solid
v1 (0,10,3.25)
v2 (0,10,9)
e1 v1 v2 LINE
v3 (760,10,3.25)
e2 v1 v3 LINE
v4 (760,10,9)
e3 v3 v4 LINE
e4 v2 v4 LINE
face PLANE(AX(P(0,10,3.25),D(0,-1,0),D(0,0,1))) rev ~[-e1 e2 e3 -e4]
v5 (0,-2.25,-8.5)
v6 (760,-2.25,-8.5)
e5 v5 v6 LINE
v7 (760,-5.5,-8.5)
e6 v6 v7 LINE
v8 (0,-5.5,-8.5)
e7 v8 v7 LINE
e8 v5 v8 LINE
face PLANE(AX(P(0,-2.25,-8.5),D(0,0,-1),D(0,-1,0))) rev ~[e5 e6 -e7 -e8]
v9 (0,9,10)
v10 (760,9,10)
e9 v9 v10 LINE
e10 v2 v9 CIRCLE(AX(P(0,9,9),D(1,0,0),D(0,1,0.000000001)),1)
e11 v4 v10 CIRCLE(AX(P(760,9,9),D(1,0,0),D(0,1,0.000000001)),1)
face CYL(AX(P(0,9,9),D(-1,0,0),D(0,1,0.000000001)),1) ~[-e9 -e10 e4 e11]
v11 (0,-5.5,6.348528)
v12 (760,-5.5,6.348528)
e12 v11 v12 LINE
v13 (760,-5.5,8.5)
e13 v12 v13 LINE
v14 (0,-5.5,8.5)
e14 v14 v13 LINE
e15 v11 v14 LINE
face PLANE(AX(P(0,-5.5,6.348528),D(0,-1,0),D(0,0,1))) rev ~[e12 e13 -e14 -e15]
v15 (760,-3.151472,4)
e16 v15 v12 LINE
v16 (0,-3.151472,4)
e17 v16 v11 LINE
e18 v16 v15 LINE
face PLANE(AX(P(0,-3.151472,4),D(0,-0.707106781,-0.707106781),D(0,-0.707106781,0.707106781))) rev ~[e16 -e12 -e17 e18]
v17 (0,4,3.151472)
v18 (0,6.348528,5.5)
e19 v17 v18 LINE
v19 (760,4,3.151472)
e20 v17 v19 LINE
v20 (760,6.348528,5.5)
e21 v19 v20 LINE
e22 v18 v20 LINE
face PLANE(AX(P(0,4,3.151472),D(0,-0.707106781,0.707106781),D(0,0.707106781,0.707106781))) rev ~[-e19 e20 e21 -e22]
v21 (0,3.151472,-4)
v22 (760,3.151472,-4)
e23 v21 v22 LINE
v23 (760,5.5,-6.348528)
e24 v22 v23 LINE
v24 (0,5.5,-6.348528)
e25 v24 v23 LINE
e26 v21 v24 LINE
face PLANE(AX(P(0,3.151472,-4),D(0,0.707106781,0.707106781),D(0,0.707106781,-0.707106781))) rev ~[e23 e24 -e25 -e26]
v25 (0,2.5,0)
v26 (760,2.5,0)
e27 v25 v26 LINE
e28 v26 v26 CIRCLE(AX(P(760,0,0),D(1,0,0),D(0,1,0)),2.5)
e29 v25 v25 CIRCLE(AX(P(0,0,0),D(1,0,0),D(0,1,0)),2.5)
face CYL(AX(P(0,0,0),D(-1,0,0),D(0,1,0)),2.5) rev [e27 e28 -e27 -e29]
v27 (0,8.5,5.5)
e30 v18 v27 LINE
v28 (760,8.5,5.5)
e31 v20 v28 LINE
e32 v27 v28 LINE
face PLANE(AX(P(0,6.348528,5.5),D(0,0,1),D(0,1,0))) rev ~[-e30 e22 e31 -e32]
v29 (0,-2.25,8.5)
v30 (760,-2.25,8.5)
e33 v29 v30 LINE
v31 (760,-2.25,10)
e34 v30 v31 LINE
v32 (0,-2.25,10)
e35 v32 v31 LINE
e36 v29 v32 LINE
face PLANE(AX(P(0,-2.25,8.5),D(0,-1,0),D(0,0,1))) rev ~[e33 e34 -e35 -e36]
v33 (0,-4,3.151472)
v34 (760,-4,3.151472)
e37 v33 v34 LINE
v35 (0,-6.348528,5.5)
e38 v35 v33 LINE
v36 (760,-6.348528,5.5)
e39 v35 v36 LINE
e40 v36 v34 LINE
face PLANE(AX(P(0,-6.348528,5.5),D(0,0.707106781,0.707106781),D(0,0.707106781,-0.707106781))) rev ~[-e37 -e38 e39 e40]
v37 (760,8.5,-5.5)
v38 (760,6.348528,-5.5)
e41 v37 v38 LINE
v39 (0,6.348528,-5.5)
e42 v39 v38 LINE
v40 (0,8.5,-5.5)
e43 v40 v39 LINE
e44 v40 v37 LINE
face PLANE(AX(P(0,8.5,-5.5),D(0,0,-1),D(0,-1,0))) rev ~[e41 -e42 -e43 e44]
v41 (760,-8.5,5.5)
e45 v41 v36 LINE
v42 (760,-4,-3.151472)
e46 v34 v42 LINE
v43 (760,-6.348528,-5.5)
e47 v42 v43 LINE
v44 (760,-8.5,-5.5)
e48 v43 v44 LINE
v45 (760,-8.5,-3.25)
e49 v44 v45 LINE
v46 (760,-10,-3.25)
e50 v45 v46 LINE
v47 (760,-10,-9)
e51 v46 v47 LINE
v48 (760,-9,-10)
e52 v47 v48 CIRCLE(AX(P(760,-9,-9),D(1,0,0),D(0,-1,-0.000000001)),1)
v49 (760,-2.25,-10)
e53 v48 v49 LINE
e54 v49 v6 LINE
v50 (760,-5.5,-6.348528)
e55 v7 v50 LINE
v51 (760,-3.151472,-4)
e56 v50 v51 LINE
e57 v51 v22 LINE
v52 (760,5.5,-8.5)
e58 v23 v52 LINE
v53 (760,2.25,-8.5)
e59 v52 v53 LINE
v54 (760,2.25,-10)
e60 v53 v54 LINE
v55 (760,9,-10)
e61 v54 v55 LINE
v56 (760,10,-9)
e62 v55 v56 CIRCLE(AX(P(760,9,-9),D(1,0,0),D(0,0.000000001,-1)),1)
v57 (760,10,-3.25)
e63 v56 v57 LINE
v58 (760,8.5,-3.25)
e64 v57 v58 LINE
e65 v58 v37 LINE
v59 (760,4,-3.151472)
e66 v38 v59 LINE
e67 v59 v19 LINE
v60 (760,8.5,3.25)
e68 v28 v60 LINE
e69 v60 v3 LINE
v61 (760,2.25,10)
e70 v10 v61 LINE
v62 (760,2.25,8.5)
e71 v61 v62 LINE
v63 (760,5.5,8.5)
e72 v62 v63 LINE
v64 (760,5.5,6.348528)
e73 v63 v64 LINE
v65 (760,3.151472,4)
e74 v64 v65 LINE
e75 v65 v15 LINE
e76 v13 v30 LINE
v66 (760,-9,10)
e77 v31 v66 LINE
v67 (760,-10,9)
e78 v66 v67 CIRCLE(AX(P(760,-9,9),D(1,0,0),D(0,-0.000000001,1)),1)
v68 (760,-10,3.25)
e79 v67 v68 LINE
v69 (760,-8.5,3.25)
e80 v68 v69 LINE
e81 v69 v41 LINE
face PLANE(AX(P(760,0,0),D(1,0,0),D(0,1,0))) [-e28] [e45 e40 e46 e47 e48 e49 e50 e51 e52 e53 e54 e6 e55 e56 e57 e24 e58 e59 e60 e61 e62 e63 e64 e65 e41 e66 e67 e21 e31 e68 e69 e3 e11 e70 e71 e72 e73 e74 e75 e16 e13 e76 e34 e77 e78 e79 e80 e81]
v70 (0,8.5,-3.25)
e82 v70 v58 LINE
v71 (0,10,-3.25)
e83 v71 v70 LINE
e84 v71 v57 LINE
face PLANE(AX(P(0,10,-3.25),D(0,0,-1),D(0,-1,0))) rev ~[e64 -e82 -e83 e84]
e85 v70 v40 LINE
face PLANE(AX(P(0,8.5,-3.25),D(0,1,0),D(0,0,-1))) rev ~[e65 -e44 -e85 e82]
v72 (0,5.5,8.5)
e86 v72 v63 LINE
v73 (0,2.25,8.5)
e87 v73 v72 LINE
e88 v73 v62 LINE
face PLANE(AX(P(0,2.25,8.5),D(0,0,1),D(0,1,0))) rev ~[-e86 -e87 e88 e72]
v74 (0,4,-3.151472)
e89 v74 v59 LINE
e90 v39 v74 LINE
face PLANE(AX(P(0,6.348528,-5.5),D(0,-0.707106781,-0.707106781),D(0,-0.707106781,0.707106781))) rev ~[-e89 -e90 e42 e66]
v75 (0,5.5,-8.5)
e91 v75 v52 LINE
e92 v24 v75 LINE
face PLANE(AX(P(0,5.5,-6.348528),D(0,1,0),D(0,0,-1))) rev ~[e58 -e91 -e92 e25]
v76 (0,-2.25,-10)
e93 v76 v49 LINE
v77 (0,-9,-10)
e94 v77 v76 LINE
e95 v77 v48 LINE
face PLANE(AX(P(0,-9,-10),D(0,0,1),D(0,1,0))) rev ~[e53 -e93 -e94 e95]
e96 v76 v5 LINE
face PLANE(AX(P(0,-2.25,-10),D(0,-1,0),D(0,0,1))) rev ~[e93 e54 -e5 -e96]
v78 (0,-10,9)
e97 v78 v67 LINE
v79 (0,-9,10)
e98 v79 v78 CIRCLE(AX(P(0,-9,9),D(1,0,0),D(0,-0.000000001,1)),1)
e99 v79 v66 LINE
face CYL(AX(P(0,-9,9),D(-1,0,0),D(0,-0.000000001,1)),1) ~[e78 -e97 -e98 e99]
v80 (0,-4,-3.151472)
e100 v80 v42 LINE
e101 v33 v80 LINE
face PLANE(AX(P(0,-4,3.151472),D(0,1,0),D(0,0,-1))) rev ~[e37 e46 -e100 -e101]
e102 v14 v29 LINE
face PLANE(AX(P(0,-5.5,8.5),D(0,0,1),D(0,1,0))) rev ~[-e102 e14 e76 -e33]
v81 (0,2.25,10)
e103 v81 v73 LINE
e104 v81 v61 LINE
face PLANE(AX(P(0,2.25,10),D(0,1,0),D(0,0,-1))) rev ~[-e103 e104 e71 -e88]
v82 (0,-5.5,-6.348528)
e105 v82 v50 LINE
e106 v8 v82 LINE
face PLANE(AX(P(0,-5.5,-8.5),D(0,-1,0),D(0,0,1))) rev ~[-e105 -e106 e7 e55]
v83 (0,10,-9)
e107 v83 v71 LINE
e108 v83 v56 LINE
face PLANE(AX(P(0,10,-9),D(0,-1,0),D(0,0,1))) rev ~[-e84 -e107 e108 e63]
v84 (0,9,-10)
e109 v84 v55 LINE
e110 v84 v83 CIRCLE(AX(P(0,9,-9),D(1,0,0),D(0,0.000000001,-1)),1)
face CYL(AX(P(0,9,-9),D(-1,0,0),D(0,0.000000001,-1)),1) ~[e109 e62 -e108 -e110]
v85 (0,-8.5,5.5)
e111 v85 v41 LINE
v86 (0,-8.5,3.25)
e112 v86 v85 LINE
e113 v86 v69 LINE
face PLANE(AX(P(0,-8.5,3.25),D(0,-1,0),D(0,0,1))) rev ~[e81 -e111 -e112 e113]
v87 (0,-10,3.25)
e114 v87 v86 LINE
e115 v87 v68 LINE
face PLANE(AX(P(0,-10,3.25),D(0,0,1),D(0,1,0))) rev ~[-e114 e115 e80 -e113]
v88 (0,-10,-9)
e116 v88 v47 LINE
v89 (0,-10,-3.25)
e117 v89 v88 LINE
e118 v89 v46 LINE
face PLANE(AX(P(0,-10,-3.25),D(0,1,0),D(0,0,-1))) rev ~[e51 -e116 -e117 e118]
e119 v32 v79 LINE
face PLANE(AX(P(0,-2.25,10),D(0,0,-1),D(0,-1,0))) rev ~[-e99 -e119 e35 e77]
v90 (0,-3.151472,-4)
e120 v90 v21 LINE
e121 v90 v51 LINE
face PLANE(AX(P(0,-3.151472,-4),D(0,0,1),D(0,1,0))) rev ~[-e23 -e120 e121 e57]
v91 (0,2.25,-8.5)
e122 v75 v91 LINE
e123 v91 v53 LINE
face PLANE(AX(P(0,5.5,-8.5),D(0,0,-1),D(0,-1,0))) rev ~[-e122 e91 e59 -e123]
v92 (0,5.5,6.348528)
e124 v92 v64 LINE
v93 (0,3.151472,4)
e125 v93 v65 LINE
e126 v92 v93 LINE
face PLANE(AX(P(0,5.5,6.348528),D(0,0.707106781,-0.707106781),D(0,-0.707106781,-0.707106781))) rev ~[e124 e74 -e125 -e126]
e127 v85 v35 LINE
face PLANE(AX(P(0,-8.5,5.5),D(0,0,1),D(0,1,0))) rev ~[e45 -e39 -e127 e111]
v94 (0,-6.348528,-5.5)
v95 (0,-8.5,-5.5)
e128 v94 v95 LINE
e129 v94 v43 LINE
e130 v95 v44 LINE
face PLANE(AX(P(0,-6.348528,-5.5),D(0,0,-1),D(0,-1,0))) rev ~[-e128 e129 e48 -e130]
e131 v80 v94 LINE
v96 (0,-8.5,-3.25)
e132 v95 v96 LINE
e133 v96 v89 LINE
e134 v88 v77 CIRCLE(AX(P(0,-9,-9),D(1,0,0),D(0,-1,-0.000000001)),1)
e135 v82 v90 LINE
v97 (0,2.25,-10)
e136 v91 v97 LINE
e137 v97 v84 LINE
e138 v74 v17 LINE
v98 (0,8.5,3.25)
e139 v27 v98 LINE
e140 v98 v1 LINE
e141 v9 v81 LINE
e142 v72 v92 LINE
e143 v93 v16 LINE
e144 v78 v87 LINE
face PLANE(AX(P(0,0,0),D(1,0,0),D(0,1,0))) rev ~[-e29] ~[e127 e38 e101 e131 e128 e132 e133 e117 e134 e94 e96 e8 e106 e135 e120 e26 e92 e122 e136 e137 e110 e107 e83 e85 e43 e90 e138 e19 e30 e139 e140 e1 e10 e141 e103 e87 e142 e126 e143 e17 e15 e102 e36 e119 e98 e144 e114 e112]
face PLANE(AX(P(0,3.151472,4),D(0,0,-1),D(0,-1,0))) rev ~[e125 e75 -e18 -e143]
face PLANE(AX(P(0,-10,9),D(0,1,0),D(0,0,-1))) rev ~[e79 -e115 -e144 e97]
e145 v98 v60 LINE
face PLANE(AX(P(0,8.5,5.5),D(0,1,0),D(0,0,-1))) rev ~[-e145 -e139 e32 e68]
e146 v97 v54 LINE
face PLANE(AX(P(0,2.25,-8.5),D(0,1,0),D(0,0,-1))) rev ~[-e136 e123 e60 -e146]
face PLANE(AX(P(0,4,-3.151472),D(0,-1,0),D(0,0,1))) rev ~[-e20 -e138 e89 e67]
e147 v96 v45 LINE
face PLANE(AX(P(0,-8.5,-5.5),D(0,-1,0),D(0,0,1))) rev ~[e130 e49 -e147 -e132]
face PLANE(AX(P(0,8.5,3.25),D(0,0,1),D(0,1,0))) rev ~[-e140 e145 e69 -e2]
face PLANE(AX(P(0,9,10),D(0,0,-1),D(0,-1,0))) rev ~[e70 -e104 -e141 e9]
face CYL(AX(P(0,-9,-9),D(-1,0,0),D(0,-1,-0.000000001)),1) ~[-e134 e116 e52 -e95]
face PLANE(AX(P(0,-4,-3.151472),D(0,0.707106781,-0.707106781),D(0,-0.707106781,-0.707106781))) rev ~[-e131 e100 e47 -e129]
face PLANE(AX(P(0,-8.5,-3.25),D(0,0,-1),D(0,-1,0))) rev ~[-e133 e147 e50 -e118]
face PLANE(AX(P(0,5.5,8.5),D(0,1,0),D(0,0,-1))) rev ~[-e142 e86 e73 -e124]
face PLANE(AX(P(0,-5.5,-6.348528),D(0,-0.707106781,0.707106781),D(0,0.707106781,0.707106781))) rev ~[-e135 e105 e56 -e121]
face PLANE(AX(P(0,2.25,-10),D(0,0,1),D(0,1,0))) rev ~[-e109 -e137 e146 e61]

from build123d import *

# Parameters (mm, degrees)
SKETCH_11_R           = 2.5
F_20_X_20_X_2_1_DEPTH = 760


with BuildPart() as part:
    # 草图11 → 铝型材 20 X 20 X 2(1) (new body)
    with BuildSketch(Plane.YZ):
        with BuildLine():
            Line((-10, 9), (-10, 3.25))
            Line((-10, 3.25), (-8.5, 3.25))
            Line((-8.5, 3.25), (-8.5, 5.5))
            Line((-8.5, 5.5), (-6.348528137, 5.5))
            Line((-6.348528137, 5.5), (-4, 3.151471863))
            Line((-4, 3.151471863), (-4, -3.151471863))
            Line((-4, -3.151471863), (-6.348528137, -5.5))
            Line((-6.348528137, -5.5), (-8.5, -5.5))
            Line((-8.5, -5.5), (-8.5, -3.25))
            Line((-8.5, -3.25), (-10, -3.25))
            Line((-10, -3.25), (-10, -9))
            ThreePointArc((-10, -9), (-9.707106781, -9.707106781), (-9, -10))
            Line((-9, -10), (-2.25, -10))
            Line((-2.25, -10), (-2.25, -8.5))
            Line((-2.25, -8.5), (-5.5, -8.5))
            Line((-5.5, -8.5), (-5.5, -6.348528137))
            Line((-5.5, -6.348528137), (-3.151471863, -4))
            Line((-3.151471863, -4), (3.151471863, -4))
            Line((3.151471863, -4), (5.5, -6.348528137))
            Line((5.5, -6.348528137), (5.5, -8.5))
            Line((5.5, -8.5), (2.25, -8.5))
            Line((2.25, -8.5), (2.25, -10))
            Line((2.25, -10), (9, -10))
            ThreePointArc((9, -10), (9.707106781, -9.707106781), (10, -9))
            Line((10, -9), (10, -3.25))
            Line((10, -3.25), (8.5, -3.25))
            Line((8.5, -3.25), (8.5, -5.5))
            Line((8.5, -5.5), (6.348528137, -5.5))
            Line((6.348528137, -5.5), (4, -3.151471863))
            Line((4, -3.151471863), (4, 3.151471863))
            Line((4, 3.151471863), (6.348528137, 5.5))
            Line((6.348528137, 5.5), (8.5, 5.5))
            Line((8.5, 5.5), (8.5, 3.25))
            Line((8.5, 3.25), (10, 3.25))
            Line((10, 3.25), (10, 9))
            ThreePointArc((10, 9), (9.707106781, 9.707106781), (9, 10))
            Line((9, 10), (2.25, 10))
            Line((2.25, 10), (2.25, 8.5))
            Line((2.25, 8.5), (5.5, 8.5))
            Line((5.5, 8.5), (5.5, 6.348528137))
            Line((5.5, 6.348528137), (3.151471863, 4))
            Line((3.151471863, 4), (-3.151471863, 4))
            Line((-3.151471863, 4), (-5.5, 6.348528137))
            Line((-5.5, 6.348528137), (-5.5, 8.5))
            Line((-5.5, 8.5), (-2.25, 8.5))
            Line((-2.25, 8.5), (-2.25, 10))
            Line((-2.25, 10), (-9, 10))
            ThreePointArc((-9, 10), (-9.707106781, 9.707106781), (-10, 9))
        make_face()
        Circle(SKETCH_11_R, mode=Mode.SUBTRACT)
    extrude(amount=F_20_X_20_X_2_1_DEPTH)


solid = part.part
